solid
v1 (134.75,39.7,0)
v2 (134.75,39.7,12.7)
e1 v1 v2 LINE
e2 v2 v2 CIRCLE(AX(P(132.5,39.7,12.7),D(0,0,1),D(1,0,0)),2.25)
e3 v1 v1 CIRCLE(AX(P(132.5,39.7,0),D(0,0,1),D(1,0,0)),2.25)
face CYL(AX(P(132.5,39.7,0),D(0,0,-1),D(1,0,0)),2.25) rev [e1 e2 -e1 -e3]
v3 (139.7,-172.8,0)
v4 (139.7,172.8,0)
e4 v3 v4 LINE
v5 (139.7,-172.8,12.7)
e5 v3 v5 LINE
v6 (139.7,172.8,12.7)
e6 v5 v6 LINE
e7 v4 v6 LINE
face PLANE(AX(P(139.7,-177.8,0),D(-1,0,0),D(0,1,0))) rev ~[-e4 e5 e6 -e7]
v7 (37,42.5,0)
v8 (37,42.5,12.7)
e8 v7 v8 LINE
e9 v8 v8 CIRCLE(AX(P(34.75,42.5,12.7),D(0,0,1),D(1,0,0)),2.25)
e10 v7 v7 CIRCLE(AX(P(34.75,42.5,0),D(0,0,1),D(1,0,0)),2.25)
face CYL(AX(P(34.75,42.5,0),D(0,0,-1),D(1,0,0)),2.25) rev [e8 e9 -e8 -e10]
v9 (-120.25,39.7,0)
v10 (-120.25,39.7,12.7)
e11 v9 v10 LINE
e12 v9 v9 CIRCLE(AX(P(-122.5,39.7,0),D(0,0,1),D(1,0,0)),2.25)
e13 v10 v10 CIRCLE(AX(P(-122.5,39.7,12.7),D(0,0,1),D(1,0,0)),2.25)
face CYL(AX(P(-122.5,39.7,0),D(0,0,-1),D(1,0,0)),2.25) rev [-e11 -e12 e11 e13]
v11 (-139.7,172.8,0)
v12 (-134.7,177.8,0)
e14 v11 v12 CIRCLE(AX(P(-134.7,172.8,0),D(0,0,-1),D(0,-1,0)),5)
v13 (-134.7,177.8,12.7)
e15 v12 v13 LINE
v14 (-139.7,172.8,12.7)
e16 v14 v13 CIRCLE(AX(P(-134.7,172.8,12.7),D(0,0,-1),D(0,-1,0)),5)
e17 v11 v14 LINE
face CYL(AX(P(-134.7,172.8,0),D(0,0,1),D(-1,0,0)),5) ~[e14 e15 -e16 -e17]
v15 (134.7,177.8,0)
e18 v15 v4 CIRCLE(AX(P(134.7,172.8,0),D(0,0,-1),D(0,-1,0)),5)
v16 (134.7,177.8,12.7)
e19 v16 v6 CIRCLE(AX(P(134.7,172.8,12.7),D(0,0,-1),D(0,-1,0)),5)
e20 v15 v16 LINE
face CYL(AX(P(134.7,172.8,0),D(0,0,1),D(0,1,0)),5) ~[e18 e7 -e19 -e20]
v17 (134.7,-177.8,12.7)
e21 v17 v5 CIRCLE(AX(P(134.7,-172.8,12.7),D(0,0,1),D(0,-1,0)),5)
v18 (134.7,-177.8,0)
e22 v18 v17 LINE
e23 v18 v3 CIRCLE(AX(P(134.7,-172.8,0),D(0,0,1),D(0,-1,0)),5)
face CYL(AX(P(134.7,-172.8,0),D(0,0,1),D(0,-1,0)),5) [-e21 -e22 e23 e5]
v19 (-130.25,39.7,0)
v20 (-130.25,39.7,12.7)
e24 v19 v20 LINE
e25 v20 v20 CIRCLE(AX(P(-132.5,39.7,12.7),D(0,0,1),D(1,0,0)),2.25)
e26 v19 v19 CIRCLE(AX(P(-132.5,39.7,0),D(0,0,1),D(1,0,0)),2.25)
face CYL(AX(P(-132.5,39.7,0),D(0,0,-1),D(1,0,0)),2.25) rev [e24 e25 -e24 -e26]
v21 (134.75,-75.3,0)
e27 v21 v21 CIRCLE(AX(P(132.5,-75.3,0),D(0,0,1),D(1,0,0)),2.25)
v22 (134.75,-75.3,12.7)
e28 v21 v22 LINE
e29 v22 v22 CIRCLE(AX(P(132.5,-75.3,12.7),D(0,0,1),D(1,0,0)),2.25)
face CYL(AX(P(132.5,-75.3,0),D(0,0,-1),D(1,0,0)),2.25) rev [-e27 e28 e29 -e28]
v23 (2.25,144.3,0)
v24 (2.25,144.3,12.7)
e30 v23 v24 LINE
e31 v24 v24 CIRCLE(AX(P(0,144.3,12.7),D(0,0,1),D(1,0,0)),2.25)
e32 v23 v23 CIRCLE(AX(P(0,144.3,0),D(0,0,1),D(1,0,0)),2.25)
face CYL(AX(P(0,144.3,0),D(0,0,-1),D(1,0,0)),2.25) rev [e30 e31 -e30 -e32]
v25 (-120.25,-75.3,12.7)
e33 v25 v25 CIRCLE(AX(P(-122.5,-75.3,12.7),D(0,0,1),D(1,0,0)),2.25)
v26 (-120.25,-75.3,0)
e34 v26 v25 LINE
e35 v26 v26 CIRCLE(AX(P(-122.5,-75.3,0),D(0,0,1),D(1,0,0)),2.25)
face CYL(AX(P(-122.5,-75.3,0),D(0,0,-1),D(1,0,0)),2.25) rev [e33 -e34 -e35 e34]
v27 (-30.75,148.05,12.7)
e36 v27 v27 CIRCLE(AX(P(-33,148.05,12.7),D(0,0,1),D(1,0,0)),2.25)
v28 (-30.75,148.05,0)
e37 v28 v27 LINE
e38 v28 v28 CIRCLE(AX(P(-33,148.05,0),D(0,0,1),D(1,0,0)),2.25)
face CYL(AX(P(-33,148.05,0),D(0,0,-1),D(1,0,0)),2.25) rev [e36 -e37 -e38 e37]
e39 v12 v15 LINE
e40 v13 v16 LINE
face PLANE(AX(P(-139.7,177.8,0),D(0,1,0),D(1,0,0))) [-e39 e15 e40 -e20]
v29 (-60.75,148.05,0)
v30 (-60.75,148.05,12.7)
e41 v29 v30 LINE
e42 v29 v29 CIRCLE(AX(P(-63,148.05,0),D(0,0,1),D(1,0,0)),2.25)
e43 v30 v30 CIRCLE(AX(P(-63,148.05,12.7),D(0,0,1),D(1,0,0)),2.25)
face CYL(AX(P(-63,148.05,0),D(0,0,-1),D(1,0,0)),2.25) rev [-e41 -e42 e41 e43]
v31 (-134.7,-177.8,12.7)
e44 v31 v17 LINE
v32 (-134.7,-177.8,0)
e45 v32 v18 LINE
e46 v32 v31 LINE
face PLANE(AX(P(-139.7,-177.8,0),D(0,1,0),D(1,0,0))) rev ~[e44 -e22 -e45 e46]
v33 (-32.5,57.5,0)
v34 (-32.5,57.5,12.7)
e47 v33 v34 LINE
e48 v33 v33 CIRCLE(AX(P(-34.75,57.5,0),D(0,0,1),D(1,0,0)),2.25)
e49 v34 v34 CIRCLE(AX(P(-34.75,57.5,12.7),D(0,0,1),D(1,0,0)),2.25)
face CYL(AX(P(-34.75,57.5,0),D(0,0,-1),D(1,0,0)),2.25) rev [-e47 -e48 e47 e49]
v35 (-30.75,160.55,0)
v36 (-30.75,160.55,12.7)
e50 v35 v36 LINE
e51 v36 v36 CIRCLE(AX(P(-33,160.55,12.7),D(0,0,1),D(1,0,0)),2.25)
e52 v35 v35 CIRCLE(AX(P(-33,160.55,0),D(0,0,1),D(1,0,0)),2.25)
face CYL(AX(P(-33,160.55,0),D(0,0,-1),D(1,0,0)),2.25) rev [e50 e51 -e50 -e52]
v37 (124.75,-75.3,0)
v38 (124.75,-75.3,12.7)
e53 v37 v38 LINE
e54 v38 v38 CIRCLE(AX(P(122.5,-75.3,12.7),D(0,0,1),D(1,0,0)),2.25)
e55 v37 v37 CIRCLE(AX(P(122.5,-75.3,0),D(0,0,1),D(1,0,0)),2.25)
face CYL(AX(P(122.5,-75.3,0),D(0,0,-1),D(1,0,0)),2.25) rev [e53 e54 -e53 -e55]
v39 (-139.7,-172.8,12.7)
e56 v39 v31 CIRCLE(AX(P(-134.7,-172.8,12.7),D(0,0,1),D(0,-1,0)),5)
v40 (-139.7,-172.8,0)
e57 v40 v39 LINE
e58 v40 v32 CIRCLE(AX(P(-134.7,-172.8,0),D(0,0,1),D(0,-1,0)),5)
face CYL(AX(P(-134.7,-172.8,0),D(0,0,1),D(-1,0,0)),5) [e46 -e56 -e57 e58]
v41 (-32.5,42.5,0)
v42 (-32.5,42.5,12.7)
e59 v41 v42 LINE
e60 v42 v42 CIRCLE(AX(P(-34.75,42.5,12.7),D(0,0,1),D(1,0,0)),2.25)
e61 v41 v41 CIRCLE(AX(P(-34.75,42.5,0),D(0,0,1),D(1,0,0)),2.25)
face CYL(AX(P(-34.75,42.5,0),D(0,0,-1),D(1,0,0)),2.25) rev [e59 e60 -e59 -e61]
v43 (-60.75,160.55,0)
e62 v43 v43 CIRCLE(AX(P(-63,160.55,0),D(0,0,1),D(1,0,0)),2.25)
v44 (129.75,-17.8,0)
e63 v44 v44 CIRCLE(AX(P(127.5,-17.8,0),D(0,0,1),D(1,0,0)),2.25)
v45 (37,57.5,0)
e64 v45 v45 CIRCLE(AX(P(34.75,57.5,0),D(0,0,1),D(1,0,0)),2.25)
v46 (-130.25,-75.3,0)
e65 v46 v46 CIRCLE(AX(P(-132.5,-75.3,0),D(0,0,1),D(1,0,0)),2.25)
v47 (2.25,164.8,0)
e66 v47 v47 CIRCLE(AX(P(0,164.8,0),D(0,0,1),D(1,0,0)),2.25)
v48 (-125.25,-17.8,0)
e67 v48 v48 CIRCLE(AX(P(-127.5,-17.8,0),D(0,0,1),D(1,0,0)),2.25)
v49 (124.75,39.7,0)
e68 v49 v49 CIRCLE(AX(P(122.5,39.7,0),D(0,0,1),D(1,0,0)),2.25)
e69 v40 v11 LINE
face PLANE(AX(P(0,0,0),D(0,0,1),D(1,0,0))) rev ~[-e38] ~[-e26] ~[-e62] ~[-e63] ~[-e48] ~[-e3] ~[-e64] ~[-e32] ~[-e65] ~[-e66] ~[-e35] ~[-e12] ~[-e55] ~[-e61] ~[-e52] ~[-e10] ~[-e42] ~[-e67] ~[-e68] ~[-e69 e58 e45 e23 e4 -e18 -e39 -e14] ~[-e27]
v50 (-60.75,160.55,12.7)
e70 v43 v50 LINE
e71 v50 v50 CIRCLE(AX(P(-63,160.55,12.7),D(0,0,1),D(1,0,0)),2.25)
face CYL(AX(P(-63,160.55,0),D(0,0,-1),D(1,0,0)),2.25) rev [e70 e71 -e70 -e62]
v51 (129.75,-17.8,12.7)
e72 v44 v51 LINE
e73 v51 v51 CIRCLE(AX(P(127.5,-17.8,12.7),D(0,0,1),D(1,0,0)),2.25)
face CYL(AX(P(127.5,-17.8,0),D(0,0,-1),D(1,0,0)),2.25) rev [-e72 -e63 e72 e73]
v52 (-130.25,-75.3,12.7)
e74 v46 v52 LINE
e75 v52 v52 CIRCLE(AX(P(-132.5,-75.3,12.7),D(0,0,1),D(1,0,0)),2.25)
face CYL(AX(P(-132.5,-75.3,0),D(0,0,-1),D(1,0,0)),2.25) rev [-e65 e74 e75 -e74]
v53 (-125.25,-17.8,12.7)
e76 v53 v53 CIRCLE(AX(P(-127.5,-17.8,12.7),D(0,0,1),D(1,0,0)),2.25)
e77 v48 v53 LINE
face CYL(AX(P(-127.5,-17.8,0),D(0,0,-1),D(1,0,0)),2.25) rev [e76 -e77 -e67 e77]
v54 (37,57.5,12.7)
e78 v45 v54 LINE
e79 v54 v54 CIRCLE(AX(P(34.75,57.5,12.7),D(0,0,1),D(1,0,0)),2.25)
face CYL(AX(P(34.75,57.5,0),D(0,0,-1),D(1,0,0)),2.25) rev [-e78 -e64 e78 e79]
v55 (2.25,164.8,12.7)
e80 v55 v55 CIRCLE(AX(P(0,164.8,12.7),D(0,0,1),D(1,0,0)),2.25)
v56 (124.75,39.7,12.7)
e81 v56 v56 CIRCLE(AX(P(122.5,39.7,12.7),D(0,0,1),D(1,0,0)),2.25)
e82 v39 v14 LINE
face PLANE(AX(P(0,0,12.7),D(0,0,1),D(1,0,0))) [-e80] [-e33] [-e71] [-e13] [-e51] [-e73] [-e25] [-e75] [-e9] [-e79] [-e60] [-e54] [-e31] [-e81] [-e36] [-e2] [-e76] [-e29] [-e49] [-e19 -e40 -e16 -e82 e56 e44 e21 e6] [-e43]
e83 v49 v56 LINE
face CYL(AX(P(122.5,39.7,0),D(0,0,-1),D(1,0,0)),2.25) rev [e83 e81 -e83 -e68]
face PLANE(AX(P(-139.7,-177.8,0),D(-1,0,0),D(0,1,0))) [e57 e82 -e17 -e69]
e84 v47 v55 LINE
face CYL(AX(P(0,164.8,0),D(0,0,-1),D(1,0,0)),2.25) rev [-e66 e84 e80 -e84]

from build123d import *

# Parameters (mm, degrees)
F0_W     = 279.4
F0_H     = 355.6
F0_R     = 2.25
F1_DEPTH = 12.7
F2_R     = 5


with BuildPart() as f1:
    # F0 (on Top) → F1 (new body)
    with BuildSketch(Plane.XY):
        Rectangle(F0_W, F0_H)
        with Locations((-132.5, -75.3)):
            Circle(F0_R, mode=Mode.SUBTRACT)
        with Locations((-122.5, -75.3)):
            Circle(F0_R, mode=Mode.SUBTRACT)
        with Locations((-127.5, -17.8)):
            Circle(F0_R, mode=Mode.SUBTRACT)
        with Locations((122.5, -75.3)):
            Circle(F0_R, mode=Mode.SUBTRACT)
        with Locations((132.5, -75.3)):
            Circle(F0_R, mode=Mode.SUBTRACT)
        with Locations((127.5, -17.8)):
            Circle(F0_R, mode=Mode.SUBTRACT)
        with Locations((-132.5, 39.7)):
            Circle(F0_R, mode=Mode.SUBTRACT)
        with Locations((-122.5, 39.7)):
            Circle(F0_R, mode=Mode.SUBTRACT)
        with Locations((-34.75, 42.5)):
            Circle(F0_R, mode=Mode.SUBTRACT)
        with Locations((-34.75, 57.5)):
            Circle(F0_R, mode=Mode.SUBTRACT)
        with Locations((-63, 148.05)):
            Circle(F0_R, mode=Mode.SUBTRACT)
        with Locations((-63, 160.55)):
            Circle(F0_R, mode=Mode.SUBTRACT)
        with Locations((-33, 148.05)):
            Circle(F0_R, mode=Mode.SUBTRACT)
        with Locations((-33, 160.55)):
            Circle(F0_R, mode=Mode.SUBTRACT)
        with Locations((34.75, 42.5)):
            Circle(F0_R, mode=Mode.SUBTRACT)
        with Locations((34.75, 57.5)):
            Circle(F0_R, mode=Mode.SUBTRACT)
        with Locations((122.5, 39.7)):
            Circle(F0_R, mode=Mode.SUBTRACT)
        with Locations((132.5, 39.7)):
            Circle(F0_R, mode=Mode.SUBTRACT)
        with Locations((0, 144.3)):
            Circle(F0_R, mode=Mode.SUBTRACT)
        with Locations((0, 164.8)):
            Circle(F0_R, mode=Mode.SUBTRACT)
    extrude(amount=F1_DEPTH)

    # F2
    f2_edges = [f1.edges().sort_by_distance(p)[0] for p in [
        (-139.7, -177.8, 6.35),
        (139.7, -177.8, 6.35),
        (139.7, 177.8, 6.35),
        (-139.7, 177.8, 6.35),
    ]]
    fillet(f2_edges, radius=F2_R)


solid = f1.part
